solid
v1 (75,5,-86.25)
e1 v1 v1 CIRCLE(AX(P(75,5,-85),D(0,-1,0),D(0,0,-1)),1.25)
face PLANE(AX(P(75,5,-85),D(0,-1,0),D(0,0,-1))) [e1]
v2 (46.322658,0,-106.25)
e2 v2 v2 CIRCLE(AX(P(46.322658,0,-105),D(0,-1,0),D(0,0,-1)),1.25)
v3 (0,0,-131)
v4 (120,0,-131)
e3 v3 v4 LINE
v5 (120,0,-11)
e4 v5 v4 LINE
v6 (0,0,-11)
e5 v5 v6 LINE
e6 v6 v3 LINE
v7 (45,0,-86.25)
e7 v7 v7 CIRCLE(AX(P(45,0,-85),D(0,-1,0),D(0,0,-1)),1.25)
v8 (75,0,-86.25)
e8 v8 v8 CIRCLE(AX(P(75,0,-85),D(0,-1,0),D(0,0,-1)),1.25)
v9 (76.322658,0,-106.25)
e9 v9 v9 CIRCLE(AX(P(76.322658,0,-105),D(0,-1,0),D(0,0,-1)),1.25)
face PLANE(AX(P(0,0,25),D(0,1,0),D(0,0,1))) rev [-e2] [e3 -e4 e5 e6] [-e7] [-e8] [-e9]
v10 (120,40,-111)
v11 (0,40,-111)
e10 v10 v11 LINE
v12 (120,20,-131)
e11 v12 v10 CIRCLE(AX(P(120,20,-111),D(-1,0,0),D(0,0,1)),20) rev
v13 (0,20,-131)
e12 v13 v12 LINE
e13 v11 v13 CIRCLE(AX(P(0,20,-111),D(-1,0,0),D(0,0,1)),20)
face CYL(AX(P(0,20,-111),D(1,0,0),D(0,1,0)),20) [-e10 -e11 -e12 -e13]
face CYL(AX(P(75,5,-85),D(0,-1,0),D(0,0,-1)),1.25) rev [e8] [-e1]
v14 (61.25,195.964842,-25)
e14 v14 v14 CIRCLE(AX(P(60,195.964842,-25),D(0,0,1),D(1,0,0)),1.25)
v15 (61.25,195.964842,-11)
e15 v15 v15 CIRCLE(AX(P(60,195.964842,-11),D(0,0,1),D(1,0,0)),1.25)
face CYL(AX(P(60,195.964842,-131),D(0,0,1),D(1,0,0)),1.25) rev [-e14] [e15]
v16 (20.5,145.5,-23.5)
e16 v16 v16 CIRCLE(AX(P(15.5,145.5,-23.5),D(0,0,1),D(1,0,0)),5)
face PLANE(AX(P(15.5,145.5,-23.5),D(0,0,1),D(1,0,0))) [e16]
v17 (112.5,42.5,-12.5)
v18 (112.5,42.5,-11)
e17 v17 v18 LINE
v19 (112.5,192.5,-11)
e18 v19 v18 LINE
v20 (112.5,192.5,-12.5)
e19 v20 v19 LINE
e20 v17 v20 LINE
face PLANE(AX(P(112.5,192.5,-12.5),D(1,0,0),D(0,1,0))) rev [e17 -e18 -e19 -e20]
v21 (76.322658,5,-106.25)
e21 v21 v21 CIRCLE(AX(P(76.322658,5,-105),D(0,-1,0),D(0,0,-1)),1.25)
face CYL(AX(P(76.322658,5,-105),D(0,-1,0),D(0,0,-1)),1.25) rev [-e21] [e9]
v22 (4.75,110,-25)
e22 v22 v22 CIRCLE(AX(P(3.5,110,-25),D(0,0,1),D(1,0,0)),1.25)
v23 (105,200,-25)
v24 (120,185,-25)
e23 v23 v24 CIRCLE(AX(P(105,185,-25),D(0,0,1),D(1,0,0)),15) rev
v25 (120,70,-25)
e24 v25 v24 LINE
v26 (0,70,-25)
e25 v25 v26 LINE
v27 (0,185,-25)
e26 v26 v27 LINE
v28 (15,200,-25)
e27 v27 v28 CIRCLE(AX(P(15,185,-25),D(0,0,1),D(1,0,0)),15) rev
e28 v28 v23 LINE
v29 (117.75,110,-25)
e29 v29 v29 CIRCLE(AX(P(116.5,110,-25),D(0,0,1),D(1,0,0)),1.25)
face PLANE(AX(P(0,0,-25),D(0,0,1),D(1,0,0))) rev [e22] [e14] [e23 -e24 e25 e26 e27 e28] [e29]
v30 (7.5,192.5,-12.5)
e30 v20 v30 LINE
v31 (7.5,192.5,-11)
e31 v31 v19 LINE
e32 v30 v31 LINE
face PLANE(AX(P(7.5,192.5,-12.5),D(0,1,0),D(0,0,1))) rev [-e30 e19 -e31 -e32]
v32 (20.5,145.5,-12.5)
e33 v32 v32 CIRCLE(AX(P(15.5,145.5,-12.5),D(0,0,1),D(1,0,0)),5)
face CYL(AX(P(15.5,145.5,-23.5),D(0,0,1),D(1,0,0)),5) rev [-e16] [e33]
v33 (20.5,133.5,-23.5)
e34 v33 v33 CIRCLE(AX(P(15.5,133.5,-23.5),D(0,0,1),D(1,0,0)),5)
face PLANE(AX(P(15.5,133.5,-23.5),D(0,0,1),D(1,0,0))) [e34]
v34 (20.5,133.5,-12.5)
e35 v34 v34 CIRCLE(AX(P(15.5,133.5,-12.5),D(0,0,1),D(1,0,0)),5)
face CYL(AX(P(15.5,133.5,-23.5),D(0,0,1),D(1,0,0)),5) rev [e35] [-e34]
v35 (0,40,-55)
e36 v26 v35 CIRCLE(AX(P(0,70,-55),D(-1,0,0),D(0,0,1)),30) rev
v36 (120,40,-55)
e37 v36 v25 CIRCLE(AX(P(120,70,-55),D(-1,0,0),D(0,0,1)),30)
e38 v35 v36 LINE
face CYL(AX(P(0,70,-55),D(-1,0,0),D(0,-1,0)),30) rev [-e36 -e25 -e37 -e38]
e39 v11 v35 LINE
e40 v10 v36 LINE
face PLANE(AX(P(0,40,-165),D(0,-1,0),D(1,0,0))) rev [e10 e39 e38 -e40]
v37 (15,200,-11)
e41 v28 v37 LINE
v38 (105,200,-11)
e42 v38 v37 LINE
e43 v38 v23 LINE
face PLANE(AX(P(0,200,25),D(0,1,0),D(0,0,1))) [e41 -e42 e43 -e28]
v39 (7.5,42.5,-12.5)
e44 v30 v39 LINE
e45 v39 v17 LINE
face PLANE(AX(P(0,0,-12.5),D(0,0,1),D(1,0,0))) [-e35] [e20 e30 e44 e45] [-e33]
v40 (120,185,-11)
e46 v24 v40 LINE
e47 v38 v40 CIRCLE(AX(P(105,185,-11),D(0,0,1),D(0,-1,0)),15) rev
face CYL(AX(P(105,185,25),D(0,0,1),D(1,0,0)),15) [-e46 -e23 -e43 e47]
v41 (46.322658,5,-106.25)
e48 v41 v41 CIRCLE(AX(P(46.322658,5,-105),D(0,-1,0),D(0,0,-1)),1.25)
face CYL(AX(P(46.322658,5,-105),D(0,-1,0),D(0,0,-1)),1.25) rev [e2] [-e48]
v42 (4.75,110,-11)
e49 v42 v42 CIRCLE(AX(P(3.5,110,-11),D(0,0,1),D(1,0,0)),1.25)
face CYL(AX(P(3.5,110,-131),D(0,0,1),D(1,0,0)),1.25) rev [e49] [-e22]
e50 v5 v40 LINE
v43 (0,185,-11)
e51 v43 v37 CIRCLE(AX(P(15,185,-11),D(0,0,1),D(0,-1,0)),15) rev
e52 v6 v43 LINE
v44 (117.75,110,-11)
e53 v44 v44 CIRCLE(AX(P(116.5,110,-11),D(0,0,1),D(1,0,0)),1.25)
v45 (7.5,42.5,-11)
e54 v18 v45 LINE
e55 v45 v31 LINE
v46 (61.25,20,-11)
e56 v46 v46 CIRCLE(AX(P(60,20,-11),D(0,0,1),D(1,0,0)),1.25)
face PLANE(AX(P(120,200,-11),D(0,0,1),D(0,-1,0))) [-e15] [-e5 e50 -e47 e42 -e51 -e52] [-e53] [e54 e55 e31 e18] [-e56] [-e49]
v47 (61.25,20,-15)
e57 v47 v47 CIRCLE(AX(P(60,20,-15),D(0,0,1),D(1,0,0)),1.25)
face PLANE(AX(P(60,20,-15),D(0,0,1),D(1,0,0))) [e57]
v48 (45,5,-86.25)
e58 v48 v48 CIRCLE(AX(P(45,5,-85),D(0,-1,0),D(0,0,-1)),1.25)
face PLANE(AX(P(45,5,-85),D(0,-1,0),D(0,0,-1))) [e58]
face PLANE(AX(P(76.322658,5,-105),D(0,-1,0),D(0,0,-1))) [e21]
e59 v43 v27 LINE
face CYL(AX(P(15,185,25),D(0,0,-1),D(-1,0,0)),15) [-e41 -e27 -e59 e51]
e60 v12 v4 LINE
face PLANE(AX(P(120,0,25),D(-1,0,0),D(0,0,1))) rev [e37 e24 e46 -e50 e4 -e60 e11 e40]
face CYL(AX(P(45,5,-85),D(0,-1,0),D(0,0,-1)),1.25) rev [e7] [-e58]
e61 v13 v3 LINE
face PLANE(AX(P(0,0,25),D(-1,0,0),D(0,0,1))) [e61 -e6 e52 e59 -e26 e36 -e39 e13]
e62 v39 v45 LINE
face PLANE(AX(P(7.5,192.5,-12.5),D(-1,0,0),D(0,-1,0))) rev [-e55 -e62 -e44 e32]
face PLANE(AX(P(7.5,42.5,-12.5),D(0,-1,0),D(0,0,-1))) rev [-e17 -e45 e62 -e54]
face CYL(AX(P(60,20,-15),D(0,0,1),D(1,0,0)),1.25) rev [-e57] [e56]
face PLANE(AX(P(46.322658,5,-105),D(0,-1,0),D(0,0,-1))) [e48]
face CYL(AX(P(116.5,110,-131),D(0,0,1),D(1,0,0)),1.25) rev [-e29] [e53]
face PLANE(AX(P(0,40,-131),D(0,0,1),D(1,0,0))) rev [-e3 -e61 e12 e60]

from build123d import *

# Parameters (mm, degrees)
ESQUISSE1_W                  = 120
ESQUISSE1_H                  = 200
BOSS_EXTRU_2_DEPTH           = 25
ESQUISSE3_W                  = 120
ESQUISSE3_H                  = 40
BOSS_EXTRU_3_DEPTH           = 70
CONG_1_R                     = 15
ESQUISSE4_W                  = 120
ESQUISSE4_H                  = 40
BOSS_EXTRU_4_DEPTH           = 140
CONG_2_R                     = 30
ESQUISSE5_W                  = 50
ESQUISSE5_H                  = 30
BOSS_EXTRU_9_DEPTH           = 7.5
ESQUISSE7_W                  = 100
ESQUISSE7_H                  = 80
ENL_V_MAT_EXTRU_1_DEPTH      = 35
ENL_V_MAT_EXTRU_7_REACH      = 262
ESQUISSE8_R                  = 7.5
ESQUISSE12_W                 = 50
ESQUISSE12_H                 = 30
ENL_V_MAT_EXTRU_8_DEPTH      = 5
ESQUISSE13_R                 = 12.5
ENL_V_MAT_EXTRU_9_DEPTH      = 1
ENL_V_MAT_EXTRU_9_DEPTH_BACK = 121
ESQUISSE14_W                 = 15
ESQUISSE14_H                 = 5
ENL_V_MAT_EXTRU_10_DEPTH     = 3
ESQUISSE22_W                 = 142.933359841
ESQUISSE22_H                 = 230.615168818
ENL_V_MAT_EXTRU_12_DEPTH     = 141
ESQUISSE23_W                 = 105
ESQUISSE23_H                 = 150
ENL_V_MAT_EXTRU_13_DEPTH     = 12.5
ESQUISSE24_R                 = 1.25
ENL_V_MAT_EXTRU_14_DEPTH     = 5
CONG_4_R                     = 15
ESQUISSE25_W                 = 11
ESQUISSE25_H                 = 200
ENL_V_MAT_EXTRU_15_DEPTH     = 121
ESQUISSE26_R                 = 5
ENL_V_MAT_EXTRU_16_DEPTH     = 11
ESQUISSE28_W                 = 34
ESQUISSE28_H                 = 40
ENL_V_MAT_EXTRU_17_DEPTH     = 121
CONG_5_R                     = 20
ESQUISSE29_R                 = 1.25
ENL_V_MAT_EXTRU_18_DEPTH     = 4
ESQUISSE30_R                 = 1.25
ENL_V_MAT_EXTRU_19_DEPTH     = 121


with BuildPart() as part:
    # Esquisse1 → Boss.-Extru.2 (new body, symmetric)
    with BuildSketch(Plane.XY):
        with Locations((60, 100)):
            Rectangle(ESQUISSE1_W, ESQUISSE1_H)
    extrude(amount=BOSS_EXTRU_2_DEPTH, both=True)

    # Esquisse3 → Boss.-Extru.3 (add)
    with BuildSketch(Plane.XY.offset(25)):
        with Locations((60, 20)):
            Rectangle(ESQUISSE3_W, ESQUISSE3_H)
    extrude(amount=BOSS_EXTRU_3_DEPTH)

    # Congé1
    cong_1_edges = [part.edges().sort_by_distance(p)[0] for p in [
        (60, 40, 25),
    ]]
    fillet(cong_1_edges, radius=CONG_1_R)

    # Esquisse4 → Boss.-Extru.4 (add)
    with BuildSketch(Plane(origin=(0, 0, -25), x_dir=(-1, 0, 0), z_dir=(0, 0, -1))):
        with Locations((-60, 20)):
            Rectangle(ESQUISSE4_W, ESQUISSE4_H)
    extrude(amount=BOSS_EXTRU_4_DEPTH)

    # Congé2
    cong_2_edges = [part.edges().sort_by_distance(p)[0] for p in [
        (60, 40, -25),
    ]]
    fillet(cong_2_edges, radius=CONG_2_R)

    # Esquisse5 → Boss.-Extru.9 (add)
    with BuildSketch(Plane.XY.offset(95)):
        with Locations((60, 20)):
            Rectangle(ESQUISSE5_W, ESQUISSE5_H)
    extrude(amount=-BOSS_EXTRU_9_DEPTH)

    # Esquisse7 → Enlèv. mat.-Extru.1 (cut)
    with BuildSketch(Plane.XZ):
        with Locations((60, 45)):
            Rectangle(ESQUISSE7_W, ESQUISSE7_H)
    extrude(amount=-ENL_V_MAT_EXTRU_1_DEPTH, mode=Mode.SUBTRACT)

    # Esquisse8 → Enlèv. mat.-Extru.7 (cut, up to next)
    with BuildSketch(Plane.XY.offset(95), mode=Mode.PRIVATE) as enl_v_mat_extru_7_sk1:
        with Locations((47.5, 20)):
            Circle(ESQUISSE8_R)
    enl_v_mat_extru_7_tool1 = extrude(enl_v_mat_extru_7_sk1.sketch, amount=-ENL_V_MAT_EXTRU_7_REACH, mode=Mode.PRIVATE) & part.part
    add(enl_v_mat_extru_7_tool1.solids().sort_by_distance((47.5, 20, 95))[0], mode=Mode.SUBTRACT)
    # Esquisse8 → Enlèv. mat.-Extru.7 (cut, up to next)
    with BuildSketch(Plane.XY.offset(95), mode=Mode.PRIVATE) as enl_v_mat_extru_7_sk2:
        with Locations((72.5, 20)):
            Circle(ESQUISSE8_R)
    enl_v_mat_extru_7_tool2 = extrude(enl_v_mat_extru_7_sk2.sketch, amount=-ENL_V_MAT_EXTRU_7_REACH, mode=Mode.PRIVATE) & part.part
    add(enl_v_mat_extru_7_tool2.solids().sort_by_distance((72.5, 20, 95))[0], mode=Mode.SUBTRACT)

    # Esquisse12 → Enlèv. mat.-Extru.8 (cut)
    with BuildSketch(Plane(origin=(0, 0, 85), x_dir=(-1, 0, 0), z_dir=(0, 0, -1))):
        with Locations((-60, 20)):
            Rectangle(ESQUISSE12_W, ESQUISSE12_H)
    extrude(amount=-ENL_V_MAT_EXTRU_8_DEPTH, mode=Mode.SUBTRACT)

    # Esquisse13 → Enlèv. mat.-Extru.9 (cut, two sides)
    with BuildSketch(Plane(origin=(120, 0, 0), x_dir=(0, 0, -1), z_dir=(1, 0, 0))) as enl_v_mat_extru_9_sk:
        with Locations((-60, 20)):
            Circle(ESQUISSE13_R)
    extrude(amount=ENL_V_MAT_EXTRU_9_DEPTH, mode=Mode.SUBTRACT)
    extrude(enl_v_mat_extru_9_sk.sketch, amount=-ENL_V_MAT_EXTRU_9_DEPTH_BACK, mode=Mode.SUBTRACT)

    # Esquisse14 → Enlèv. mat.-Extru.10 (cut)
    with BuildSketch(Plane(origin=(0, 0, 85), x_dir=(-1, 0, 0), z_dir=(0, 0, -1))):
        with Locations((-60, 2.5)):
            Rectangle(ESQUISSE14_W, ESQUISSE14_H)
    extrude(amount=-ENL_V_MAT_EXTRU_10_DEPTH, mode=Mode.SUBTRACT)

    # Esquisse22 → Enlèv. mat.-Extru.12 (cut)
    with BuildSketch(Plane.XY):
        with Locations((64.967602161, 91.924485341)):
            Rectangle(ESQUISSE22_W, ESQUISSE22_H)
    extrude(amount=ENL_V_MAT_EXTRU_12_DEPTH, mode=Mode.SUBTRACT)

    # Esquisse23 → Enlèv. mat.-Extru.13 (cut)
    with BuildSketch(Plane.XY):
        with Locations((60, 117.5)):
            Rectangle(ESQUISSE23_W, ESQUISSE23_H)
    extrude(amount=-ENL_V_MAT_EXTRU_13_DEPTH, mode=Mode.SUBTRACT)

    # Esquisse24 → Enlèv. mat.-Extru.14 (cut)
    with BuildSketch(Plane(origin=(0, 0, 0), x_dir=(-1, 0, 0), z_dir=(0, -1, 0))):
        with Locations((-76.322658076, 105)):
            Circle(ESQUISSE24_R)
        with Locations((-46.322658076, 105)):
            Circle(ESQUISSE24_R)
        with Locations((-45, 85)):
            Circle(ESQUISSE24_R)
        with Locations((-75, 85)):
            Circle(ESQUISSE24_R)
    extrude(amount=-ENL_V_MAT_EXTRU_14_DEPTH, mode=Mode.SUBTRACT)

    # Congé4
    cong_4_edges = [part.edges().sort_by_distance(p)[0] for p in [
        (120, 200, -12.5),
        (0, 200, -12.5),
        (60, 40, -165),
    ]]
    fillet(cong_4_edges, radius=CONG_4_R)

    # Esquisse25 → Enlèv. mat.-Extru.15 (cut, through all)
    with BuildSketch(Plane(origin=(0, 0, 0), x_dir=(0, 0, -1), z_dir=(1, 0, 0))):
        with Locations((5.5, 100)):
            Rectangle(ESQUISSE25_W, ESQUISSE25_H)
    extrude(amount=ENL_V_MAT_EXTRU_15_DEPTH, mode=Mode.SUBTRACT)

    # Esquisse26 → Enlèv. mat.-Extru.16 (cut)
    with BuildSketch(Plane.XY.offset(-12.5)):
        with Locations((15.5, 145.5)):
            Circle(ESQUISSE26_R)
        with Locations((15.5, 133.5)):
            Circle(ESQUISSE26_R)
    extrude(amount=-ENL_V_MAT_EXTRU_16_DEPTH, mode=Mode.SUBTRACT)

    # Esquisse28 → Enlèv. mat.-Extru.17 (cut, through all)
    with BuildSketch(Plane(origin=(120, 0, 0), x_dir=(0, 0, -1), z_dir=(1, 0, 0))):
        with Locations((148, 20)):
            Rectangle(ESQUISSE28_W, ESQUISSE28_H)
    extrude(amount=-ENL_V_MAT_EXTRU_17_DEPTH, mode=Mode.SUBTRACT)

    # Congé5
    cong_5_edges = [part.edges().sort_by_distance(p)[0] for p in [
        (60, 40, -131),
    ]]
    fillet(cong_5_edges, radius=CONG_5_R)

    # Esquisse29 → Enlèv. mat.-Extru.18 (cut)
    with BuildSketch(Plane.XY.offset(-11)):
        with Locations((60, 20)):
            Circle(ESQUISSE29_R)
    extrude(amount=-ENL_V_MAT_EXTRU_18_DEPTH, mode=Mode.SUBTRACT)

    # Esquisse30 → Enlèv. mat.-Extru.19 (cut, through all)
    with BuildSketch(Plane.XY.offset(-11)):
        with Locations((3.5, 110)):
            Circle(ESQUISSE30_R)
        with Locations((116.5, 110)):
            Circle(ESQUISSE30_R)
        with Locations((60, 195.964841854)):
            Circle(ESQUISSE30_R)
    extrude(amount=-ENL_V_MAT_EXTRU_19_DEPTH, mode=Mode.SUBTRACT)


solid = part.part
